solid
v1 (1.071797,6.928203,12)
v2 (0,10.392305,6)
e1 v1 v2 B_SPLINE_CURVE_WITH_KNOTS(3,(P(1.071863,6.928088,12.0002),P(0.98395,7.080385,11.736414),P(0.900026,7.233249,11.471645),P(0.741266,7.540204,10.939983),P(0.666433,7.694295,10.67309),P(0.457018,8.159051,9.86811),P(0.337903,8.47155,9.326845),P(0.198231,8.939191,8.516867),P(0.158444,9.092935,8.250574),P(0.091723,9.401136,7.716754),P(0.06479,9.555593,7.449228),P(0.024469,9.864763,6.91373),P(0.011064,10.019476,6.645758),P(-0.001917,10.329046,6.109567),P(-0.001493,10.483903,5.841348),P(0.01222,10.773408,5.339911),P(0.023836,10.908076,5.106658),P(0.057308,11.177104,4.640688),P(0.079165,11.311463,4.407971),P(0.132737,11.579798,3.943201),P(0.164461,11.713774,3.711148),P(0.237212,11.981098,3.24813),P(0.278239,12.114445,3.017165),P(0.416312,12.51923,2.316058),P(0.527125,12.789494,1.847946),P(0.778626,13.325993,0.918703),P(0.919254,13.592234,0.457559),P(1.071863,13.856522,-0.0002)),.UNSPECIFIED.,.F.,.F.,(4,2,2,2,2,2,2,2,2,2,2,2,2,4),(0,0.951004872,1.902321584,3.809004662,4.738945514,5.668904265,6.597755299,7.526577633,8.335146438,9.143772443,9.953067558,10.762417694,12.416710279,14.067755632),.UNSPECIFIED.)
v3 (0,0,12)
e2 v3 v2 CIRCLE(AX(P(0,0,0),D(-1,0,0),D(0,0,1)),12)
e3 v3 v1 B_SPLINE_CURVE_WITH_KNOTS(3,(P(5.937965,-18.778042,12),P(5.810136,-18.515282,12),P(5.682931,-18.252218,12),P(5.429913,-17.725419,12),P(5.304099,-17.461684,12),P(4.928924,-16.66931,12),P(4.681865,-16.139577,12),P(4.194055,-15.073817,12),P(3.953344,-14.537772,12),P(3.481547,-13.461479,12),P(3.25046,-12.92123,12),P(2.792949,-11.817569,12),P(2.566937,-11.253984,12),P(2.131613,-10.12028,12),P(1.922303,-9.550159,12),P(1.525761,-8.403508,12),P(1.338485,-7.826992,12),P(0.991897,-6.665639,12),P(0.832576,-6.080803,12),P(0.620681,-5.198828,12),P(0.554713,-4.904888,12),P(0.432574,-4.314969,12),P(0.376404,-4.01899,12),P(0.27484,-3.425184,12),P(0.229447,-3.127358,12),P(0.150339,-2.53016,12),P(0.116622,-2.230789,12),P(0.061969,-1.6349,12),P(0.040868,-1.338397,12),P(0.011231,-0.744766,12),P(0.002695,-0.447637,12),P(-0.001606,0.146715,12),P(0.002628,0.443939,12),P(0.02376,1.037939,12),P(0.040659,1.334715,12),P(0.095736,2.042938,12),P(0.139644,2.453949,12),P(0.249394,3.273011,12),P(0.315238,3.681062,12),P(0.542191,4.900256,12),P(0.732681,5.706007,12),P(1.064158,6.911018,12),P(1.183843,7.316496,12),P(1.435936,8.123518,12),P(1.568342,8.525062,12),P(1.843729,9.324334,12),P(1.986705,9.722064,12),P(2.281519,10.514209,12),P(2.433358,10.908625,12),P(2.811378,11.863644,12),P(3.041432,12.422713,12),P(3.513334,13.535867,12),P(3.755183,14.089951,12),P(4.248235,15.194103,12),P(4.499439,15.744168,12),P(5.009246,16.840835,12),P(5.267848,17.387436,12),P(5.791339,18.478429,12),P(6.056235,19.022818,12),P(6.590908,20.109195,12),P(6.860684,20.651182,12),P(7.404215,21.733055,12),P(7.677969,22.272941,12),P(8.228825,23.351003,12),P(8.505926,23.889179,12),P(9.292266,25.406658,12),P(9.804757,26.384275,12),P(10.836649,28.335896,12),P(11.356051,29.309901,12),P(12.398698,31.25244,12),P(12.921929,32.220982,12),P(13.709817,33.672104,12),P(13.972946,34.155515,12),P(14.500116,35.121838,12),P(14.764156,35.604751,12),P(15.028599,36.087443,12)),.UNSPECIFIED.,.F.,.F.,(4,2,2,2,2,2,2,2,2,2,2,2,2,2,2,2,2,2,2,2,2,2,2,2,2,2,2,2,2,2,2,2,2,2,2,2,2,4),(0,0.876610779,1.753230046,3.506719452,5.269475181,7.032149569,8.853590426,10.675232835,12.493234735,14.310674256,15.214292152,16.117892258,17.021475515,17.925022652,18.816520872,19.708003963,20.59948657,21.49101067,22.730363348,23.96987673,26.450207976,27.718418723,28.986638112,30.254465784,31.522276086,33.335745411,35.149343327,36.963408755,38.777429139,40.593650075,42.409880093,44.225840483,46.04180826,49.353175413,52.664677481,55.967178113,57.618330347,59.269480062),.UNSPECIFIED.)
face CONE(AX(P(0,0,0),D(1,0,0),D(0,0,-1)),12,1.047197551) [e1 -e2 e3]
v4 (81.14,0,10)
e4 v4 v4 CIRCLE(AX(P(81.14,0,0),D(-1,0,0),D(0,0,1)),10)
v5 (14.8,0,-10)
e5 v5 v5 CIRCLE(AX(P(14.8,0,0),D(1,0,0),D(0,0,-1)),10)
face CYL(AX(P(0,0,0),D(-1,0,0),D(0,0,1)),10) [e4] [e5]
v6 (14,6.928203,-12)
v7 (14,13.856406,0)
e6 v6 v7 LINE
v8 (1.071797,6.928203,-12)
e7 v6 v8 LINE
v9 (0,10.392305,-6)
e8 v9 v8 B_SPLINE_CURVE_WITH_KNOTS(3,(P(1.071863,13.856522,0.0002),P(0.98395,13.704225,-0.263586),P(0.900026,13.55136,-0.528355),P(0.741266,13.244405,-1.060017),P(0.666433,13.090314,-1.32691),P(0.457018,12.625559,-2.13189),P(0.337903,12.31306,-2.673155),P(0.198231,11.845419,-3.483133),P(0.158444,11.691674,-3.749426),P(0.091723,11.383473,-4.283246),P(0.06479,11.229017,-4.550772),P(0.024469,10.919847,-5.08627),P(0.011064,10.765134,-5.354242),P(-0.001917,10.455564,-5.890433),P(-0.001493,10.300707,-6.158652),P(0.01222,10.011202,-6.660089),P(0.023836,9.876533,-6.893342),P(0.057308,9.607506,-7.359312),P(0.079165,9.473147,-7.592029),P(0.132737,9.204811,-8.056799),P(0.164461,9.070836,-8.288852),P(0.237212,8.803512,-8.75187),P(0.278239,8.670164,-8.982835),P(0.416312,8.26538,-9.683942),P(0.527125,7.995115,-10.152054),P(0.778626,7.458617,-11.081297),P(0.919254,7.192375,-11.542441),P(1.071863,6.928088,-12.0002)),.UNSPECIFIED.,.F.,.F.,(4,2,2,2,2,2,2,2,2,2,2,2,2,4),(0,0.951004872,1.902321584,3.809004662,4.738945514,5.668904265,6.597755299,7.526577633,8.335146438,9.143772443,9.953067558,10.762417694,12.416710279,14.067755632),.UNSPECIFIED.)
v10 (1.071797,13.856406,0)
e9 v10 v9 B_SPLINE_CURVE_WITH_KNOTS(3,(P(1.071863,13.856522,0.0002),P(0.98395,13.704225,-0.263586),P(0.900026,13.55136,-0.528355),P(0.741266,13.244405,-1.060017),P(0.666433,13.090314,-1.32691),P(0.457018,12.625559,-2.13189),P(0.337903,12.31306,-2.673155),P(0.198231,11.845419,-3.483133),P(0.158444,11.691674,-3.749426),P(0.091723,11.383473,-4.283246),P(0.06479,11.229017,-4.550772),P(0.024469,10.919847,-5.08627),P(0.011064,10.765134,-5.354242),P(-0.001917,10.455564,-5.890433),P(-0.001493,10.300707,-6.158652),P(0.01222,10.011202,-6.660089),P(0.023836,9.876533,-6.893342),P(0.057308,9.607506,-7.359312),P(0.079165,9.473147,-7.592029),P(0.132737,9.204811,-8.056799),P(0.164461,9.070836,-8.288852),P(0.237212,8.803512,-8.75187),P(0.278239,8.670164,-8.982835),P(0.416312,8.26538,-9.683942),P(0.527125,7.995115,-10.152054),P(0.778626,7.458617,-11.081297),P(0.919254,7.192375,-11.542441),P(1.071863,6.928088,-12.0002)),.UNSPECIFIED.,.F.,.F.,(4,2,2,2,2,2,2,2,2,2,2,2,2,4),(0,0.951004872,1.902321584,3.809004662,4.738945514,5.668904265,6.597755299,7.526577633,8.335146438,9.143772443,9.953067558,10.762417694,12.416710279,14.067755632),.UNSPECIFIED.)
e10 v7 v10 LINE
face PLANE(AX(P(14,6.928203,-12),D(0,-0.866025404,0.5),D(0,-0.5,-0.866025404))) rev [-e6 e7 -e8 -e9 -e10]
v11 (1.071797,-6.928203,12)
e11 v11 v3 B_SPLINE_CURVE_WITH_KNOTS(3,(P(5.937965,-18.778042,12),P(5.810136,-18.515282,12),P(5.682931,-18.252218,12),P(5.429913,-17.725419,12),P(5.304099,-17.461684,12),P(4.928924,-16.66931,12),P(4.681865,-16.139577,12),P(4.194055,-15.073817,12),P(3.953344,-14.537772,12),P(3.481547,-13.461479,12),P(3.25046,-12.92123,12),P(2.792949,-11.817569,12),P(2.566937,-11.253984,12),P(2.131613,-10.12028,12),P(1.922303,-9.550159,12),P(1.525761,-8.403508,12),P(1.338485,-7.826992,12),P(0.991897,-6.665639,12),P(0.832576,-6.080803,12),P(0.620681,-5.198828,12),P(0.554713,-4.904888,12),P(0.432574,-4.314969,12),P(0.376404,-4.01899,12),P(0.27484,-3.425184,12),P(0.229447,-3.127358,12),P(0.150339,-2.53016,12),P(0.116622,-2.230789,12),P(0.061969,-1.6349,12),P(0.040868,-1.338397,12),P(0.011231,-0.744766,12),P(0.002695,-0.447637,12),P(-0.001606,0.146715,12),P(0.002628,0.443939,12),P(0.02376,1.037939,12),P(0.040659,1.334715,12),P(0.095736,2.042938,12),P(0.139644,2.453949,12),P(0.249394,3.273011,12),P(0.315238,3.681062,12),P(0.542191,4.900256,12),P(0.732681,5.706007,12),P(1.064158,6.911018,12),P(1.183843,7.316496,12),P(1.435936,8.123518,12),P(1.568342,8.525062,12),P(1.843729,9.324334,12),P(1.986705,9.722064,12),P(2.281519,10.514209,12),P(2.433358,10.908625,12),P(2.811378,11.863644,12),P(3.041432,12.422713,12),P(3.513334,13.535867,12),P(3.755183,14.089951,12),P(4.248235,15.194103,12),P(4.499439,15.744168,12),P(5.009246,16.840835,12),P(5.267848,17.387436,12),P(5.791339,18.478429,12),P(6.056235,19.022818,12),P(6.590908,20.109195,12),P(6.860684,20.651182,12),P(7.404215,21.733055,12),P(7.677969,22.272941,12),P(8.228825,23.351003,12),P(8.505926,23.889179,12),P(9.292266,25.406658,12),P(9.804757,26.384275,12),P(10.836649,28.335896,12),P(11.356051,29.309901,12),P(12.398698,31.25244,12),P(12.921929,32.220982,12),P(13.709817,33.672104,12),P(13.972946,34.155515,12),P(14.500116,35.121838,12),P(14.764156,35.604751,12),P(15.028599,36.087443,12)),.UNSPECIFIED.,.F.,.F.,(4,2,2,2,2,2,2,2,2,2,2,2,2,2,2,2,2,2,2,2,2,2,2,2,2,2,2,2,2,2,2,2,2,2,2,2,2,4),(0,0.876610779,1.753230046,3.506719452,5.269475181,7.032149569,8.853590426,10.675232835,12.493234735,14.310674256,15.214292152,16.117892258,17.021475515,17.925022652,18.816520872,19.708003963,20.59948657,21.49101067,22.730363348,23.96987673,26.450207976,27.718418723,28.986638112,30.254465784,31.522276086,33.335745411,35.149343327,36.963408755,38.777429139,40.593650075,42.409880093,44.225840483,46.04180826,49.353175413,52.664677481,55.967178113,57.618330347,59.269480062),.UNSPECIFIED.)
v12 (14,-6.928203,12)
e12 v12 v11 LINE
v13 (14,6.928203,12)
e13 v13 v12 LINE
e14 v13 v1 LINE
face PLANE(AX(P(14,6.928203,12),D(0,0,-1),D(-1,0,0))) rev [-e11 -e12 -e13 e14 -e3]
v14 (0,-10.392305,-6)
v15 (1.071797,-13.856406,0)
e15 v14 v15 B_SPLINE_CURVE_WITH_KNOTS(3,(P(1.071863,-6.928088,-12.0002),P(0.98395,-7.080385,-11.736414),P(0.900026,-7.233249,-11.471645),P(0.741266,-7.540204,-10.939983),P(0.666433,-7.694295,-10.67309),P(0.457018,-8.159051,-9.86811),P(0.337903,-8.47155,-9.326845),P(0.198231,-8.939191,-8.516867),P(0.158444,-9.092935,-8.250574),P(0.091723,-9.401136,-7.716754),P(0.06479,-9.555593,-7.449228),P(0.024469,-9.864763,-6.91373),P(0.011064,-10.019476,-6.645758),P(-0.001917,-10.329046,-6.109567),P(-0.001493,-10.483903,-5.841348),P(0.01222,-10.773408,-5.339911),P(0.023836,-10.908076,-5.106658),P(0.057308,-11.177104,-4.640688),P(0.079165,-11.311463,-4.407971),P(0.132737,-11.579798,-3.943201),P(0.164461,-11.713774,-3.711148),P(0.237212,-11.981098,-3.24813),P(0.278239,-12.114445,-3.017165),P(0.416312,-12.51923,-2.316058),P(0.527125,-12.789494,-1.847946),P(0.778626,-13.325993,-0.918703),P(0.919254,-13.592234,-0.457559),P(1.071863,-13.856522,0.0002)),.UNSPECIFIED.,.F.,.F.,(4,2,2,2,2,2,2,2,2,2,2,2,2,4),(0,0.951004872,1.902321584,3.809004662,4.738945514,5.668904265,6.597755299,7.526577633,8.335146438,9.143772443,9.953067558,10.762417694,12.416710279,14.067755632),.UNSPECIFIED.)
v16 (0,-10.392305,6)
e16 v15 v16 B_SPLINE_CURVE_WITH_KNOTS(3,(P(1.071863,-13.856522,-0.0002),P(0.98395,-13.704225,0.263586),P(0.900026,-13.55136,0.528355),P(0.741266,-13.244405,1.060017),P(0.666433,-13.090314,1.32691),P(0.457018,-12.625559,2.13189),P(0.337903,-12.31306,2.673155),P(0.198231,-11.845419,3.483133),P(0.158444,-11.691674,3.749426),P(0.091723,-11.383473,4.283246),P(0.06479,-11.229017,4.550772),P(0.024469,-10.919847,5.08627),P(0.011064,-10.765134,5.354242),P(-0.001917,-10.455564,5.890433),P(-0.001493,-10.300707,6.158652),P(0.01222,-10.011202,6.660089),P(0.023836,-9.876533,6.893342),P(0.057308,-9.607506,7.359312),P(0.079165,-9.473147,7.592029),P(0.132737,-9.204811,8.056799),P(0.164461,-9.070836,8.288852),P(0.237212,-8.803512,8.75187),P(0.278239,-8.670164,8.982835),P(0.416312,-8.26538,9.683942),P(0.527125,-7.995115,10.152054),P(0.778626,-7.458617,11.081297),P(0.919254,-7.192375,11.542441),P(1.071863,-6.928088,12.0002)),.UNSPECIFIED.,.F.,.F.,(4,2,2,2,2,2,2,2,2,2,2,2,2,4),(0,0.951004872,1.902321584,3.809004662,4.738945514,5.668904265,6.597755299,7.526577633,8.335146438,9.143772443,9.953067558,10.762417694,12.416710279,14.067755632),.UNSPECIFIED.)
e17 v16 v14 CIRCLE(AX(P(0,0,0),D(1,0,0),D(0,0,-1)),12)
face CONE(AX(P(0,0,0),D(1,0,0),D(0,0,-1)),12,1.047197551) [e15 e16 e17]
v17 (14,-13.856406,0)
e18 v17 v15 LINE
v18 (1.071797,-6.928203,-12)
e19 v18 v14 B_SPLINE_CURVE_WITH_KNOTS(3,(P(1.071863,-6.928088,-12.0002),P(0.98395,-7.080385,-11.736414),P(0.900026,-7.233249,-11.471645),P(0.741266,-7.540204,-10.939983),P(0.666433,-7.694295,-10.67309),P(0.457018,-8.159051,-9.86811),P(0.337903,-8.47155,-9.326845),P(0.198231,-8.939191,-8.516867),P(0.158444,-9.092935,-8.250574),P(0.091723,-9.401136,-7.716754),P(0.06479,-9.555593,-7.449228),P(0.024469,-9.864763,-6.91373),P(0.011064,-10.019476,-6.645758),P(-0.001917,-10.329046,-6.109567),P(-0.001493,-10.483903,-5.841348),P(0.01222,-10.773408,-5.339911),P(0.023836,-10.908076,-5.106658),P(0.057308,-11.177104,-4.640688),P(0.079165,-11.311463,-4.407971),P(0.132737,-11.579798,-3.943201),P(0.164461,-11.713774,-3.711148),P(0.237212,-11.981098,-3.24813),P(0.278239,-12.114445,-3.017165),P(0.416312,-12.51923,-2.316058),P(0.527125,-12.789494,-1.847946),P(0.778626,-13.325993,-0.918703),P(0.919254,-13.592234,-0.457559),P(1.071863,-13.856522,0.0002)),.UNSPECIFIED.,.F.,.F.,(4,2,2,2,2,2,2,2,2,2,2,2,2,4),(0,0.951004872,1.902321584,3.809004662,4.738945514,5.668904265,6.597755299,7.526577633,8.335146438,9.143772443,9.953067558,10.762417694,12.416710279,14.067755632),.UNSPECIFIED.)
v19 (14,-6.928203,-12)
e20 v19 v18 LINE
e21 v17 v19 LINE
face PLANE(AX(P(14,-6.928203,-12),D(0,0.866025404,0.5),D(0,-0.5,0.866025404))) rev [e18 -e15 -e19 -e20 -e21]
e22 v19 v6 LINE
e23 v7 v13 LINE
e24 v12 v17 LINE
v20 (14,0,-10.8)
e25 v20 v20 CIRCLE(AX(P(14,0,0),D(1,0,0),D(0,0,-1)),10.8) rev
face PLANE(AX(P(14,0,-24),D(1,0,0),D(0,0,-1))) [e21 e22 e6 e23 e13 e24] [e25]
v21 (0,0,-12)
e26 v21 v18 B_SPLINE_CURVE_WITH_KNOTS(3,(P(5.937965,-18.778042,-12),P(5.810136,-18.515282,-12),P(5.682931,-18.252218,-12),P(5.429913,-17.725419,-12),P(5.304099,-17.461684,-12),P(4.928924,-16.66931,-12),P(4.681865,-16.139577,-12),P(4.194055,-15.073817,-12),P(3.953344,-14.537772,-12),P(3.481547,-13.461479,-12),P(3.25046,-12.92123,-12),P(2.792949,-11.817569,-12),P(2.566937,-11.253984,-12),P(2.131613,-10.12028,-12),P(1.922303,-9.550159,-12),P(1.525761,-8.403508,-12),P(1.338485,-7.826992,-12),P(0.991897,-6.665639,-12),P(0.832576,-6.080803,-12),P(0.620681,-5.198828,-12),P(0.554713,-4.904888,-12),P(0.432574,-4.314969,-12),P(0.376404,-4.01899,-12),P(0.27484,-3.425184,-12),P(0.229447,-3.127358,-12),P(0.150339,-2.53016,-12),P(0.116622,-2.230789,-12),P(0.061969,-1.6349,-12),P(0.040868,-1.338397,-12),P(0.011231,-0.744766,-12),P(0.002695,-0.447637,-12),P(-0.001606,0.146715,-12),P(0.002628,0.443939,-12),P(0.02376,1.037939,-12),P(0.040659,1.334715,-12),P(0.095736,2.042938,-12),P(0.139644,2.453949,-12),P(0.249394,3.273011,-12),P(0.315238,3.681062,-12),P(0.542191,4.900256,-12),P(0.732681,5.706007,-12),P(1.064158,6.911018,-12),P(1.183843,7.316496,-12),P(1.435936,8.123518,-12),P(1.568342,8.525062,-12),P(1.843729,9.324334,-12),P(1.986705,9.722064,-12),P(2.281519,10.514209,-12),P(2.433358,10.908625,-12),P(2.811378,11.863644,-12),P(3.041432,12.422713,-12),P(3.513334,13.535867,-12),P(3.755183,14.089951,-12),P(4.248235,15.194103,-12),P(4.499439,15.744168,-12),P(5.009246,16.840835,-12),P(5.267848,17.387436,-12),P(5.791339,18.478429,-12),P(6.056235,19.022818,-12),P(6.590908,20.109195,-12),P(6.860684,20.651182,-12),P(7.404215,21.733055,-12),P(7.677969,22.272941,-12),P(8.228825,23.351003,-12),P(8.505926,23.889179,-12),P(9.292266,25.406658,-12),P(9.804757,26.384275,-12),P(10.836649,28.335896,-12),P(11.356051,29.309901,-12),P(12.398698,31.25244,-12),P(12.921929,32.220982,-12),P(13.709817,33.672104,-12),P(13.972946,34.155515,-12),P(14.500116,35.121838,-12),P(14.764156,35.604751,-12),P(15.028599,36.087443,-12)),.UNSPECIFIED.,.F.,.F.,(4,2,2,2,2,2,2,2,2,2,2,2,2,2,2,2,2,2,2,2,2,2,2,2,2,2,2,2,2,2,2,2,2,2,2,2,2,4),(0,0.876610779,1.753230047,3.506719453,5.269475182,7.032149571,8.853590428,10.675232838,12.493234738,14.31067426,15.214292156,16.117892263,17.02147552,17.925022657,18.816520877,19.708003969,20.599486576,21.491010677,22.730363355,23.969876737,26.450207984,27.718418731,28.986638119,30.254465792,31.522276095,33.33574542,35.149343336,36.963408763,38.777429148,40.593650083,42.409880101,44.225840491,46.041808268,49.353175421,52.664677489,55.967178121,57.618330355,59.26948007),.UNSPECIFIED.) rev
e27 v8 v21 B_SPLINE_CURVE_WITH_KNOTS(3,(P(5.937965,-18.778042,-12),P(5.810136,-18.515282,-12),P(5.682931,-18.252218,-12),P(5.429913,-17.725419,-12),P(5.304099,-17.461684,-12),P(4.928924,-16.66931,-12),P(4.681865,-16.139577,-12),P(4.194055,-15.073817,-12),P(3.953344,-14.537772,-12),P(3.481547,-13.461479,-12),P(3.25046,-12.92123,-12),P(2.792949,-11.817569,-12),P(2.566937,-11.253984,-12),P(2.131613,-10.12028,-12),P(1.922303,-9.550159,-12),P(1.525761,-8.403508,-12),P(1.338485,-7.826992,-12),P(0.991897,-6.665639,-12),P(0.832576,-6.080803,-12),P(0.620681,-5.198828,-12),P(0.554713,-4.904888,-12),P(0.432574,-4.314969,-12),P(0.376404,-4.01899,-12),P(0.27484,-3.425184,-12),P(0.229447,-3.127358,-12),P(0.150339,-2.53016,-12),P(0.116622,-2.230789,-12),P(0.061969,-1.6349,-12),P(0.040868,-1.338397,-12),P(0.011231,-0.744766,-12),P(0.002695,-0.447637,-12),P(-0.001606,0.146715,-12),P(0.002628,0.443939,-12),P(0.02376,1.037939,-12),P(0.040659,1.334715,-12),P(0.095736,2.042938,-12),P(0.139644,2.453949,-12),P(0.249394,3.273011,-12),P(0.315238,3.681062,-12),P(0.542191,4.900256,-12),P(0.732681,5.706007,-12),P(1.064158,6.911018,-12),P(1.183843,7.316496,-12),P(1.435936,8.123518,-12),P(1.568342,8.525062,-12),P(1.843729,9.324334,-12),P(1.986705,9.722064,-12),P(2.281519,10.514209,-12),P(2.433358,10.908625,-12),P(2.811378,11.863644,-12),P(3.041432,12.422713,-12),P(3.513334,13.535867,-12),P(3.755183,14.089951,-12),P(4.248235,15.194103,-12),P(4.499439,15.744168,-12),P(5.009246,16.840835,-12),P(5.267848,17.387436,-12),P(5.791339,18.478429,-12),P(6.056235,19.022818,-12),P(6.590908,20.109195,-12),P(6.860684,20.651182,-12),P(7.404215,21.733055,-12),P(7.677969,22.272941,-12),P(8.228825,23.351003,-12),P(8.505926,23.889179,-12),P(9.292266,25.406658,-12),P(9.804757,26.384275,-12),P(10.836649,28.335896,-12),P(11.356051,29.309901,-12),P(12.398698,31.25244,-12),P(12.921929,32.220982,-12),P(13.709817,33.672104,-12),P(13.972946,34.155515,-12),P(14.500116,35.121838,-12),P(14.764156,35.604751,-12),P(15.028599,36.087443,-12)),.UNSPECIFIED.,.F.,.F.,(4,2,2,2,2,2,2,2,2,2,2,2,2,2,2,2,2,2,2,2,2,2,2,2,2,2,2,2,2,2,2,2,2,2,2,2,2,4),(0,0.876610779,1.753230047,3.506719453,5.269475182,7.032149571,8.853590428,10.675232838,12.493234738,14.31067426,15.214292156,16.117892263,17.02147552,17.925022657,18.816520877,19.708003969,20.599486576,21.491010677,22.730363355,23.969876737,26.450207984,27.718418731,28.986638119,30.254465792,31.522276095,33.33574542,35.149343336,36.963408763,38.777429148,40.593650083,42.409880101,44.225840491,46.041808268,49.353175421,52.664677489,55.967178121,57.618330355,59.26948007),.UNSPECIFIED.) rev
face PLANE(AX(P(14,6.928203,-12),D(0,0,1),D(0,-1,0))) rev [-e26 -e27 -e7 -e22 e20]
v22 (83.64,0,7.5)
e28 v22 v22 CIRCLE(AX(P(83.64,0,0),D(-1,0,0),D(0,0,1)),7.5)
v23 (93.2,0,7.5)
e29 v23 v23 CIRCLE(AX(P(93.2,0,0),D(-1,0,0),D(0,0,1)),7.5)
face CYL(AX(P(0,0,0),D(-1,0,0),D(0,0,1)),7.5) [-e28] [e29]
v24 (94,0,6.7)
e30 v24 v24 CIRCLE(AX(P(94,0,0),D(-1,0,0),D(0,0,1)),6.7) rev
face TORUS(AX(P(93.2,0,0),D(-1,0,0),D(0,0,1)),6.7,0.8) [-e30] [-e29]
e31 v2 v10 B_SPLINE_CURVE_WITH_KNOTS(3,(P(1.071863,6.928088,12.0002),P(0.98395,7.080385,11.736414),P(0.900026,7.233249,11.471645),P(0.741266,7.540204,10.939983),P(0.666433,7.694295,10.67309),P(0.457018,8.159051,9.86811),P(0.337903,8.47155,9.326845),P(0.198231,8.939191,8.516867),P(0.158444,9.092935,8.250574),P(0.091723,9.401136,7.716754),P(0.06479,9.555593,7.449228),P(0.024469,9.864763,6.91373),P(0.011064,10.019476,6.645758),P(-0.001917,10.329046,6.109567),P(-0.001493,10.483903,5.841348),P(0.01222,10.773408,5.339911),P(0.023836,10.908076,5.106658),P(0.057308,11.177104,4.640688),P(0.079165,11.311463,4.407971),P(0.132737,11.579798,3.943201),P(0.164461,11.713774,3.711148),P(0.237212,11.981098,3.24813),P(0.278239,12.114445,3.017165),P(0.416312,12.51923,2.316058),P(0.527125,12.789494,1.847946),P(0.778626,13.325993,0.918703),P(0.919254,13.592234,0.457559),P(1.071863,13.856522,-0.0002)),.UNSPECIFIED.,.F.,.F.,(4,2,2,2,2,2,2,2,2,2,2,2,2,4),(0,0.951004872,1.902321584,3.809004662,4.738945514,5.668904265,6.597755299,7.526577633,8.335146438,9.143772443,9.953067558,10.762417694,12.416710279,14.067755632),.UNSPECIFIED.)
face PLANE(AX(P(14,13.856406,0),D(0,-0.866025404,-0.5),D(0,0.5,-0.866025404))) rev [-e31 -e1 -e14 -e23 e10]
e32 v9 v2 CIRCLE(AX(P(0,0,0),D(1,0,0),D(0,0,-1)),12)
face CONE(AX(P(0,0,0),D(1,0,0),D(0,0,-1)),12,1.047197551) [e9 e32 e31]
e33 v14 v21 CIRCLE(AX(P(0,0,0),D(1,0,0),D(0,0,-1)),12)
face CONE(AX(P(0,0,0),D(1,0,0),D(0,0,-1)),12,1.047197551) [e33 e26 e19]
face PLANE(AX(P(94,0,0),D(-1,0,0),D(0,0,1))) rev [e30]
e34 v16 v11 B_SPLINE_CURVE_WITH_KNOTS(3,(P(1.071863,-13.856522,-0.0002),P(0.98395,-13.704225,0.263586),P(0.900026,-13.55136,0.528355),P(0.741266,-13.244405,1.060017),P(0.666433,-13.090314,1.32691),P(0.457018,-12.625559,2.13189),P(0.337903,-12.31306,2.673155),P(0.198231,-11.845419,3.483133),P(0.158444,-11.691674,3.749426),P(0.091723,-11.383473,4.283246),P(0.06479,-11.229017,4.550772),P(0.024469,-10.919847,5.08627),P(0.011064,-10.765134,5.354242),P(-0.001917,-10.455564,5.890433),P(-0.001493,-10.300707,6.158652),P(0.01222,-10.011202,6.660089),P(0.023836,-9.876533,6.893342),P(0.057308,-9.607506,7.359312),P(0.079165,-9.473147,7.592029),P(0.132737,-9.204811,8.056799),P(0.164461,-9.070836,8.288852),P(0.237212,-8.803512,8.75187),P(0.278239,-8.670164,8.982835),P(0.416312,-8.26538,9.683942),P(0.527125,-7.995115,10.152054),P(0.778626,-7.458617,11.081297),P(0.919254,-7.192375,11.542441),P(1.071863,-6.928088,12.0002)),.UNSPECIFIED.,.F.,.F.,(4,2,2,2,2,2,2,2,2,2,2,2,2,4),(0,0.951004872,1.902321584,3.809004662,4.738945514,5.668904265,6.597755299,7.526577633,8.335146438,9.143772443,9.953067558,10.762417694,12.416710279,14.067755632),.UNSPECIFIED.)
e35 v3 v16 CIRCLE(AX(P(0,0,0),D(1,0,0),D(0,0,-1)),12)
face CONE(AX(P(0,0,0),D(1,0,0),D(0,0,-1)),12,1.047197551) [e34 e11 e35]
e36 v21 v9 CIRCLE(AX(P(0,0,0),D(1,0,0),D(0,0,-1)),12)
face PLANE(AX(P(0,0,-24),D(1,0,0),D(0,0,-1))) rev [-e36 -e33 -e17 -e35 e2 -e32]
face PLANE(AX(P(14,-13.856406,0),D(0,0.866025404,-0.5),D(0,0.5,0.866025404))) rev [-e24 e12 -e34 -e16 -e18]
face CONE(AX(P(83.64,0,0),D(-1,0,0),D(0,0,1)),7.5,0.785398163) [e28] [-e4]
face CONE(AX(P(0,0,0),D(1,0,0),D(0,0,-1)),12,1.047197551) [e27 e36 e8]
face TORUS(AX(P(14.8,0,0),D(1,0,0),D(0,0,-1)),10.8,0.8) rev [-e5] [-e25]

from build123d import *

# Parameters (mm, degrees)
BASEHEAD_DEPTH   = 14
HEADFILLET_R     = 0.8
BASEBODYFILLET_R = 0.8


with BuildPart() as part:
    # HexSke → BaseHead (new body)
    with BuildSketch(Plane(origin=(0, 0, 0), x_dir=(0, 0, -1), z_dir=(1, 0, 0))):
        Polygon((12, 6.92820323), (12, -6.92820323), (0, -13.856406461), (-12, -6.92820323), (-12, 6.92820323), (0, 13.856406461), align=None)
    extrude(amount=BASEHEAD_DEPTH)

    # BodySke → BaseBody (revolve)
    with BuildSketch(Plane.XY, mode=Mode.PRIVATE) as basebody_sk:
        Polygon((0, 0), (94, 0), (94, 7.5), (83.64, 7.5), (81.14, 10), (0, 10), align=None)
    revolve(basebody_sk.sketch.rotate(Axis((0, 0, 0), (1, 0, 0)), 90), axis=Axis((0, 0, 0), (1, 0, 0)))

    # HeadChamSke → HeadChamfer (revolve, cut)
    with BuildSketch(Plane.XY):
        Polygon((0, 12), (3.958548116, 18.856406461), (3.958548116, 23.856406461), (-10, 23.856406461), (-10, 12), align=None)
    revolve(axis=Axis((0, 0, 0), (1, 0, 0)), mode=Mode.SUBTRACT)

    # HeadFillet
    headfillet_edges = [part.edges().sort_by_distance(p)[0] for p in [
        (14, 0, -10),
    ]]
    fillet(headfillet_edges, radius=HEADFILLET_R)

    # BaseBodyFillet
    basebodyfillet_edges = [part.edges().sort_by_distance(p)[0] for p in [
        (94, 0, -7.5),
    ]]
    fillet(basebodyfillet_edges, radius=BASEBODYFILLET_R)


solid = part.part
